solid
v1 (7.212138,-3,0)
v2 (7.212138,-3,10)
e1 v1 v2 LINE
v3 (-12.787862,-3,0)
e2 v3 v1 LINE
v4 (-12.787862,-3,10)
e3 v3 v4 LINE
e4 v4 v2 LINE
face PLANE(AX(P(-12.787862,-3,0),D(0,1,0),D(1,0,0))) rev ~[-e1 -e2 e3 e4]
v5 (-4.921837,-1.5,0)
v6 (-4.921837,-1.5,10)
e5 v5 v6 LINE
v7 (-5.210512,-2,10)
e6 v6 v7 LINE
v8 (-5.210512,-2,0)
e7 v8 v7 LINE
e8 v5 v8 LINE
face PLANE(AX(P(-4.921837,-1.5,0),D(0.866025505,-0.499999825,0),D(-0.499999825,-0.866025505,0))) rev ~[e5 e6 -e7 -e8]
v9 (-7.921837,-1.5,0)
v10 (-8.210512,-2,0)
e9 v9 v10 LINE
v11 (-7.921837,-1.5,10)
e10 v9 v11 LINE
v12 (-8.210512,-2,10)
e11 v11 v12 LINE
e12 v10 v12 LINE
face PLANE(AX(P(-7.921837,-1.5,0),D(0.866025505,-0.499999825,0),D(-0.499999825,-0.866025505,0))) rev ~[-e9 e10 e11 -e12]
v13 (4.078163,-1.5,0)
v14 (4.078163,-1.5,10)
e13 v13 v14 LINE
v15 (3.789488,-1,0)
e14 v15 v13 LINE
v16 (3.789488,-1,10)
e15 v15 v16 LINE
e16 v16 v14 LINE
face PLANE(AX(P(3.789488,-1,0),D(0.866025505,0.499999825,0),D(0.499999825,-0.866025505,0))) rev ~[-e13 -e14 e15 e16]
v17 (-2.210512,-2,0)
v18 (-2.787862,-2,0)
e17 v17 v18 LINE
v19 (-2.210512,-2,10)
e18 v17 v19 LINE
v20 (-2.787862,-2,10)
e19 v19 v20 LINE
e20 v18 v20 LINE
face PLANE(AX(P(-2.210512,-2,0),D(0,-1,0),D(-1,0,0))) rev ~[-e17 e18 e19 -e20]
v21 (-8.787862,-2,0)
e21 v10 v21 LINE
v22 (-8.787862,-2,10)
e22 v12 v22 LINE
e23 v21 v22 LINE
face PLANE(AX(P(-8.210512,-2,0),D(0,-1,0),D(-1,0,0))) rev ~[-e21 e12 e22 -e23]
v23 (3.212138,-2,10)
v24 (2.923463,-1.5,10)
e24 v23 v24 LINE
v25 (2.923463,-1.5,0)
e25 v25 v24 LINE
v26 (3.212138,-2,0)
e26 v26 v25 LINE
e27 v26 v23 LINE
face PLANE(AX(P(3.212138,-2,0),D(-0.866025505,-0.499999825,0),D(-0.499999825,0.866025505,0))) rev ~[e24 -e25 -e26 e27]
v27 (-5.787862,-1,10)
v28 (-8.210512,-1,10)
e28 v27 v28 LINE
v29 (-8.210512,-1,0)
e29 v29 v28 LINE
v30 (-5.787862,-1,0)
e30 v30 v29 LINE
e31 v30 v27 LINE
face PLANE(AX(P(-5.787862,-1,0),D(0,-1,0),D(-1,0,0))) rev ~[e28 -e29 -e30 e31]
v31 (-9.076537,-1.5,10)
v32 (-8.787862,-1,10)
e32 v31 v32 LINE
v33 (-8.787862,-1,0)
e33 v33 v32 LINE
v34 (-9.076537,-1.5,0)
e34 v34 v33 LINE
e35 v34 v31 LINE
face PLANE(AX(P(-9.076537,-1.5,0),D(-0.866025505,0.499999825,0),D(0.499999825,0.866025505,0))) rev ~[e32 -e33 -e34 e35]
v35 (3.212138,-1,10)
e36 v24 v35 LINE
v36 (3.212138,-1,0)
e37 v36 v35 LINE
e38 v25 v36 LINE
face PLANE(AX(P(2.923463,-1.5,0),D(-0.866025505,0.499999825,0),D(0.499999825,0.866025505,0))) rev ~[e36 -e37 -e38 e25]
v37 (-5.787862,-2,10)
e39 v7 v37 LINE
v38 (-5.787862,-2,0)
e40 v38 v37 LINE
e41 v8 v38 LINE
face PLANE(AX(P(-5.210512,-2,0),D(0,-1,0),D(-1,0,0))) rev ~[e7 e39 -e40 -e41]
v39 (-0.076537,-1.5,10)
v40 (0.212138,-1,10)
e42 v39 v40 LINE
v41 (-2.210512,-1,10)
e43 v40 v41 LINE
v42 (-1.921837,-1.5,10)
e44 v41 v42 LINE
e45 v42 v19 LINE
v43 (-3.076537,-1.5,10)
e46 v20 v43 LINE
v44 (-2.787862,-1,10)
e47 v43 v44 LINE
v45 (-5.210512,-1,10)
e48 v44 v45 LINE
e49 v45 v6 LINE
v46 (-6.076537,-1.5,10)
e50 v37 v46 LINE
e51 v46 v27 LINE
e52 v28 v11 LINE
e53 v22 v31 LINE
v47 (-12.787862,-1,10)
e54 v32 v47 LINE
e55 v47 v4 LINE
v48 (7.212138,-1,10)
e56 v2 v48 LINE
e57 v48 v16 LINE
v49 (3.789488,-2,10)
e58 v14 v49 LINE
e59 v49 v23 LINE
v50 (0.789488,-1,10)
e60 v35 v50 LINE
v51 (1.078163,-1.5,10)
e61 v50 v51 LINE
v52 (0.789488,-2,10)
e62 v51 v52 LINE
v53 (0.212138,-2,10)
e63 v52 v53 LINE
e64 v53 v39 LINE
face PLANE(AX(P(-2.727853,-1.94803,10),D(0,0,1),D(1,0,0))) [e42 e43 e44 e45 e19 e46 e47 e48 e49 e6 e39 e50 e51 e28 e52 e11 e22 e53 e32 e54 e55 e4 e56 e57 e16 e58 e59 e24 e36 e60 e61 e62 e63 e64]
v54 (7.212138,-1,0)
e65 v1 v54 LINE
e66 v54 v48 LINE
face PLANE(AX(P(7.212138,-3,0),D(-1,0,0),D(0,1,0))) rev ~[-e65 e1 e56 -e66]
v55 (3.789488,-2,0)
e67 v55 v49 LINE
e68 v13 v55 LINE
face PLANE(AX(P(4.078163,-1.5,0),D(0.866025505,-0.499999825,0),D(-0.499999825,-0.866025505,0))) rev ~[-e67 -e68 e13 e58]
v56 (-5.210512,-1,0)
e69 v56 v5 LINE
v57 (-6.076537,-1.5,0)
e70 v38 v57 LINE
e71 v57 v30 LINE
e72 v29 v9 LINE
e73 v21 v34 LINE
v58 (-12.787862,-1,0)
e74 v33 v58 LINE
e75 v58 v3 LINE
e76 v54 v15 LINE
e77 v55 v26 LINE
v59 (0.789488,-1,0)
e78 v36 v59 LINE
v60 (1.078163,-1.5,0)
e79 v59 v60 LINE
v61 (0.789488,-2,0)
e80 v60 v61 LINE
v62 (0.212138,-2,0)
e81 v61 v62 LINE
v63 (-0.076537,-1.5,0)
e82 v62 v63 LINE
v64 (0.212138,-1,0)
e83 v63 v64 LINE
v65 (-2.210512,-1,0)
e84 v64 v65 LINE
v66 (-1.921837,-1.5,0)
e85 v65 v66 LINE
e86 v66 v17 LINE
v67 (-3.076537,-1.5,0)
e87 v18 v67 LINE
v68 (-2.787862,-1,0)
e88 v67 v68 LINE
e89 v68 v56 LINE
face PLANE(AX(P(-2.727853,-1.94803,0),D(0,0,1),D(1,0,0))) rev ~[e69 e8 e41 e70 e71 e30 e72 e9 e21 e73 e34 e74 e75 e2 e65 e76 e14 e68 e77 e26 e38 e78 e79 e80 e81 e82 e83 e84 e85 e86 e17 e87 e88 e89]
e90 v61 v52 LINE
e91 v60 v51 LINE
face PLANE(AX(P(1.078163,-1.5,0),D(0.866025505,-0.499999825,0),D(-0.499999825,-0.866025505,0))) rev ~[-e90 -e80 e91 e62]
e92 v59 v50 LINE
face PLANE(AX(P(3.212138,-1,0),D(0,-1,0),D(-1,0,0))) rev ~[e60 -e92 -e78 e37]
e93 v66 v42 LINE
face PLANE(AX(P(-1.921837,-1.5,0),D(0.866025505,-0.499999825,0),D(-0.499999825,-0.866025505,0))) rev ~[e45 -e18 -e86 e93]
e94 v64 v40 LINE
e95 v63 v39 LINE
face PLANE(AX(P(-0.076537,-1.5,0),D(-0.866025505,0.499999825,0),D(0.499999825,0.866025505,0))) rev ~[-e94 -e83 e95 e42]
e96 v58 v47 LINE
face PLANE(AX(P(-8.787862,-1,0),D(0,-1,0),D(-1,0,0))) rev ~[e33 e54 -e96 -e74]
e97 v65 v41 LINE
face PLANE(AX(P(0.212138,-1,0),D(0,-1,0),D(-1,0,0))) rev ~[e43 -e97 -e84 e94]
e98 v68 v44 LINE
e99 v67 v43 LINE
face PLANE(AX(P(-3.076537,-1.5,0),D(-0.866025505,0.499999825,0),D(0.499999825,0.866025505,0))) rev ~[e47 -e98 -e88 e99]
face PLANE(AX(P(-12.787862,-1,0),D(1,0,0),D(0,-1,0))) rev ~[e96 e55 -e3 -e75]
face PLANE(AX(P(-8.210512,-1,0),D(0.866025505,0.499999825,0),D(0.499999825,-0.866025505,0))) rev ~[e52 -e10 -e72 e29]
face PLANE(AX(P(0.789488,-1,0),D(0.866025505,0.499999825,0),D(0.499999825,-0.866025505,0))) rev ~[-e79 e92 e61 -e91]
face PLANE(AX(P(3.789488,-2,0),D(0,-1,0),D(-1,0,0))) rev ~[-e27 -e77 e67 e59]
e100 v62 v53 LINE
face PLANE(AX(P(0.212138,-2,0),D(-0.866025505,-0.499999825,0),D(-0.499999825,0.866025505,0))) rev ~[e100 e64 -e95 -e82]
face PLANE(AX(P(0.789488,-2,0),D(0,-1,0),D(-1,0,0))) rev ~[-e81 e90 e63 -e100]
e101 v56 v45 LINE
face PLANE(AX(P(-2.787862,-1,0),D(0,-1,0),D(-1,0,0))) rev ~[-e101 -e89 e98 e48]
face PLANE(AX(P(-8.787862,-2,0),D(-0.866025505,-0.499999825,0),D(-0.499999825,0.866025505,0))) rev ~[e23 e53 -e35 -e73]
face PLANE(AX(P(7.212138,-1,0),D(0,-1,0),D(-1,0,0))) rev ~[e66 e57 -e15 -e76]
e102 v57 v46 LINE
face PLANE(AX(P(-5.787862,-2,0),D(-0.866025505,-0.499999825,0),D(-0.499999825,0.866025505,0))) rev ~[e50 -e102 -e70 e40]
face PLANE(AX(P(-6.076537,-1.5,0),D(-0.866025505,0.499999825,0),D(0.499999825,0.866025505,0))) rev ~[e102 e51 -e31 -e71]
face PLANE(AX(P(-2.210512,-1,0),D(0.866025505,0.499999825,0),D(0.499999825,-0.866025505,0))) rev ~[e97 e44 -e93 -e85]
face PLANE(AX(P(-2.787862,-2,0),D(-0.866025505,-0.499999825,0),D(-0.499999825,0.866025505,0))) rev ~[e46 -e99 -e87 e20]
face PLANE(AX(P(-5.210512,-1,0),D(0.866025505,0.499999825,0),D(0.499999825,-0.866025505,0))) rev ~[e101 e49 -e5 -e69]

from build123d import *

# Parameters (mm, degrees)
F1_DEPTH = 10


with BuildPart() as f1:
    # F0 (on Top) → F1 (new body)
    with BuildSketch(Plane.XY):
        Polygon((-12.787862, -3), (7.212138, -3), (7.212138, -1), (3.789488, -1), (4.078163, -1.5), (3.789488, -2), (3.212138, -2), (2.923463, -1.5), (3.212138, -1), (0.789488, -1), (1.078163, -1.5), (0.789488, -2), (0.212138, -2), (-0.076537, -1.5), (0.212138, -1), (-2.210512, -1), (-1.921837, -1.5), (-2.210512, -2), (-2.787862, -2), (-3.076537, -1.5), (-2.787862, -1), (-5.210512, -1), (-4.921837, -1.5), (-5.210512, -2), (-5.787862, -2), (-6.076537, -1.5), (-5.787862, -1), (-8.210512, -1), (-7.921837, -1.5), (-8.210512, -2), (-8.787862, -2), (-9.076537, -1.5), (-8.787862, -1), (-12.787862, -1), align=None)
    extrude(amount=F1_DEPTH)


solid = f1.part
